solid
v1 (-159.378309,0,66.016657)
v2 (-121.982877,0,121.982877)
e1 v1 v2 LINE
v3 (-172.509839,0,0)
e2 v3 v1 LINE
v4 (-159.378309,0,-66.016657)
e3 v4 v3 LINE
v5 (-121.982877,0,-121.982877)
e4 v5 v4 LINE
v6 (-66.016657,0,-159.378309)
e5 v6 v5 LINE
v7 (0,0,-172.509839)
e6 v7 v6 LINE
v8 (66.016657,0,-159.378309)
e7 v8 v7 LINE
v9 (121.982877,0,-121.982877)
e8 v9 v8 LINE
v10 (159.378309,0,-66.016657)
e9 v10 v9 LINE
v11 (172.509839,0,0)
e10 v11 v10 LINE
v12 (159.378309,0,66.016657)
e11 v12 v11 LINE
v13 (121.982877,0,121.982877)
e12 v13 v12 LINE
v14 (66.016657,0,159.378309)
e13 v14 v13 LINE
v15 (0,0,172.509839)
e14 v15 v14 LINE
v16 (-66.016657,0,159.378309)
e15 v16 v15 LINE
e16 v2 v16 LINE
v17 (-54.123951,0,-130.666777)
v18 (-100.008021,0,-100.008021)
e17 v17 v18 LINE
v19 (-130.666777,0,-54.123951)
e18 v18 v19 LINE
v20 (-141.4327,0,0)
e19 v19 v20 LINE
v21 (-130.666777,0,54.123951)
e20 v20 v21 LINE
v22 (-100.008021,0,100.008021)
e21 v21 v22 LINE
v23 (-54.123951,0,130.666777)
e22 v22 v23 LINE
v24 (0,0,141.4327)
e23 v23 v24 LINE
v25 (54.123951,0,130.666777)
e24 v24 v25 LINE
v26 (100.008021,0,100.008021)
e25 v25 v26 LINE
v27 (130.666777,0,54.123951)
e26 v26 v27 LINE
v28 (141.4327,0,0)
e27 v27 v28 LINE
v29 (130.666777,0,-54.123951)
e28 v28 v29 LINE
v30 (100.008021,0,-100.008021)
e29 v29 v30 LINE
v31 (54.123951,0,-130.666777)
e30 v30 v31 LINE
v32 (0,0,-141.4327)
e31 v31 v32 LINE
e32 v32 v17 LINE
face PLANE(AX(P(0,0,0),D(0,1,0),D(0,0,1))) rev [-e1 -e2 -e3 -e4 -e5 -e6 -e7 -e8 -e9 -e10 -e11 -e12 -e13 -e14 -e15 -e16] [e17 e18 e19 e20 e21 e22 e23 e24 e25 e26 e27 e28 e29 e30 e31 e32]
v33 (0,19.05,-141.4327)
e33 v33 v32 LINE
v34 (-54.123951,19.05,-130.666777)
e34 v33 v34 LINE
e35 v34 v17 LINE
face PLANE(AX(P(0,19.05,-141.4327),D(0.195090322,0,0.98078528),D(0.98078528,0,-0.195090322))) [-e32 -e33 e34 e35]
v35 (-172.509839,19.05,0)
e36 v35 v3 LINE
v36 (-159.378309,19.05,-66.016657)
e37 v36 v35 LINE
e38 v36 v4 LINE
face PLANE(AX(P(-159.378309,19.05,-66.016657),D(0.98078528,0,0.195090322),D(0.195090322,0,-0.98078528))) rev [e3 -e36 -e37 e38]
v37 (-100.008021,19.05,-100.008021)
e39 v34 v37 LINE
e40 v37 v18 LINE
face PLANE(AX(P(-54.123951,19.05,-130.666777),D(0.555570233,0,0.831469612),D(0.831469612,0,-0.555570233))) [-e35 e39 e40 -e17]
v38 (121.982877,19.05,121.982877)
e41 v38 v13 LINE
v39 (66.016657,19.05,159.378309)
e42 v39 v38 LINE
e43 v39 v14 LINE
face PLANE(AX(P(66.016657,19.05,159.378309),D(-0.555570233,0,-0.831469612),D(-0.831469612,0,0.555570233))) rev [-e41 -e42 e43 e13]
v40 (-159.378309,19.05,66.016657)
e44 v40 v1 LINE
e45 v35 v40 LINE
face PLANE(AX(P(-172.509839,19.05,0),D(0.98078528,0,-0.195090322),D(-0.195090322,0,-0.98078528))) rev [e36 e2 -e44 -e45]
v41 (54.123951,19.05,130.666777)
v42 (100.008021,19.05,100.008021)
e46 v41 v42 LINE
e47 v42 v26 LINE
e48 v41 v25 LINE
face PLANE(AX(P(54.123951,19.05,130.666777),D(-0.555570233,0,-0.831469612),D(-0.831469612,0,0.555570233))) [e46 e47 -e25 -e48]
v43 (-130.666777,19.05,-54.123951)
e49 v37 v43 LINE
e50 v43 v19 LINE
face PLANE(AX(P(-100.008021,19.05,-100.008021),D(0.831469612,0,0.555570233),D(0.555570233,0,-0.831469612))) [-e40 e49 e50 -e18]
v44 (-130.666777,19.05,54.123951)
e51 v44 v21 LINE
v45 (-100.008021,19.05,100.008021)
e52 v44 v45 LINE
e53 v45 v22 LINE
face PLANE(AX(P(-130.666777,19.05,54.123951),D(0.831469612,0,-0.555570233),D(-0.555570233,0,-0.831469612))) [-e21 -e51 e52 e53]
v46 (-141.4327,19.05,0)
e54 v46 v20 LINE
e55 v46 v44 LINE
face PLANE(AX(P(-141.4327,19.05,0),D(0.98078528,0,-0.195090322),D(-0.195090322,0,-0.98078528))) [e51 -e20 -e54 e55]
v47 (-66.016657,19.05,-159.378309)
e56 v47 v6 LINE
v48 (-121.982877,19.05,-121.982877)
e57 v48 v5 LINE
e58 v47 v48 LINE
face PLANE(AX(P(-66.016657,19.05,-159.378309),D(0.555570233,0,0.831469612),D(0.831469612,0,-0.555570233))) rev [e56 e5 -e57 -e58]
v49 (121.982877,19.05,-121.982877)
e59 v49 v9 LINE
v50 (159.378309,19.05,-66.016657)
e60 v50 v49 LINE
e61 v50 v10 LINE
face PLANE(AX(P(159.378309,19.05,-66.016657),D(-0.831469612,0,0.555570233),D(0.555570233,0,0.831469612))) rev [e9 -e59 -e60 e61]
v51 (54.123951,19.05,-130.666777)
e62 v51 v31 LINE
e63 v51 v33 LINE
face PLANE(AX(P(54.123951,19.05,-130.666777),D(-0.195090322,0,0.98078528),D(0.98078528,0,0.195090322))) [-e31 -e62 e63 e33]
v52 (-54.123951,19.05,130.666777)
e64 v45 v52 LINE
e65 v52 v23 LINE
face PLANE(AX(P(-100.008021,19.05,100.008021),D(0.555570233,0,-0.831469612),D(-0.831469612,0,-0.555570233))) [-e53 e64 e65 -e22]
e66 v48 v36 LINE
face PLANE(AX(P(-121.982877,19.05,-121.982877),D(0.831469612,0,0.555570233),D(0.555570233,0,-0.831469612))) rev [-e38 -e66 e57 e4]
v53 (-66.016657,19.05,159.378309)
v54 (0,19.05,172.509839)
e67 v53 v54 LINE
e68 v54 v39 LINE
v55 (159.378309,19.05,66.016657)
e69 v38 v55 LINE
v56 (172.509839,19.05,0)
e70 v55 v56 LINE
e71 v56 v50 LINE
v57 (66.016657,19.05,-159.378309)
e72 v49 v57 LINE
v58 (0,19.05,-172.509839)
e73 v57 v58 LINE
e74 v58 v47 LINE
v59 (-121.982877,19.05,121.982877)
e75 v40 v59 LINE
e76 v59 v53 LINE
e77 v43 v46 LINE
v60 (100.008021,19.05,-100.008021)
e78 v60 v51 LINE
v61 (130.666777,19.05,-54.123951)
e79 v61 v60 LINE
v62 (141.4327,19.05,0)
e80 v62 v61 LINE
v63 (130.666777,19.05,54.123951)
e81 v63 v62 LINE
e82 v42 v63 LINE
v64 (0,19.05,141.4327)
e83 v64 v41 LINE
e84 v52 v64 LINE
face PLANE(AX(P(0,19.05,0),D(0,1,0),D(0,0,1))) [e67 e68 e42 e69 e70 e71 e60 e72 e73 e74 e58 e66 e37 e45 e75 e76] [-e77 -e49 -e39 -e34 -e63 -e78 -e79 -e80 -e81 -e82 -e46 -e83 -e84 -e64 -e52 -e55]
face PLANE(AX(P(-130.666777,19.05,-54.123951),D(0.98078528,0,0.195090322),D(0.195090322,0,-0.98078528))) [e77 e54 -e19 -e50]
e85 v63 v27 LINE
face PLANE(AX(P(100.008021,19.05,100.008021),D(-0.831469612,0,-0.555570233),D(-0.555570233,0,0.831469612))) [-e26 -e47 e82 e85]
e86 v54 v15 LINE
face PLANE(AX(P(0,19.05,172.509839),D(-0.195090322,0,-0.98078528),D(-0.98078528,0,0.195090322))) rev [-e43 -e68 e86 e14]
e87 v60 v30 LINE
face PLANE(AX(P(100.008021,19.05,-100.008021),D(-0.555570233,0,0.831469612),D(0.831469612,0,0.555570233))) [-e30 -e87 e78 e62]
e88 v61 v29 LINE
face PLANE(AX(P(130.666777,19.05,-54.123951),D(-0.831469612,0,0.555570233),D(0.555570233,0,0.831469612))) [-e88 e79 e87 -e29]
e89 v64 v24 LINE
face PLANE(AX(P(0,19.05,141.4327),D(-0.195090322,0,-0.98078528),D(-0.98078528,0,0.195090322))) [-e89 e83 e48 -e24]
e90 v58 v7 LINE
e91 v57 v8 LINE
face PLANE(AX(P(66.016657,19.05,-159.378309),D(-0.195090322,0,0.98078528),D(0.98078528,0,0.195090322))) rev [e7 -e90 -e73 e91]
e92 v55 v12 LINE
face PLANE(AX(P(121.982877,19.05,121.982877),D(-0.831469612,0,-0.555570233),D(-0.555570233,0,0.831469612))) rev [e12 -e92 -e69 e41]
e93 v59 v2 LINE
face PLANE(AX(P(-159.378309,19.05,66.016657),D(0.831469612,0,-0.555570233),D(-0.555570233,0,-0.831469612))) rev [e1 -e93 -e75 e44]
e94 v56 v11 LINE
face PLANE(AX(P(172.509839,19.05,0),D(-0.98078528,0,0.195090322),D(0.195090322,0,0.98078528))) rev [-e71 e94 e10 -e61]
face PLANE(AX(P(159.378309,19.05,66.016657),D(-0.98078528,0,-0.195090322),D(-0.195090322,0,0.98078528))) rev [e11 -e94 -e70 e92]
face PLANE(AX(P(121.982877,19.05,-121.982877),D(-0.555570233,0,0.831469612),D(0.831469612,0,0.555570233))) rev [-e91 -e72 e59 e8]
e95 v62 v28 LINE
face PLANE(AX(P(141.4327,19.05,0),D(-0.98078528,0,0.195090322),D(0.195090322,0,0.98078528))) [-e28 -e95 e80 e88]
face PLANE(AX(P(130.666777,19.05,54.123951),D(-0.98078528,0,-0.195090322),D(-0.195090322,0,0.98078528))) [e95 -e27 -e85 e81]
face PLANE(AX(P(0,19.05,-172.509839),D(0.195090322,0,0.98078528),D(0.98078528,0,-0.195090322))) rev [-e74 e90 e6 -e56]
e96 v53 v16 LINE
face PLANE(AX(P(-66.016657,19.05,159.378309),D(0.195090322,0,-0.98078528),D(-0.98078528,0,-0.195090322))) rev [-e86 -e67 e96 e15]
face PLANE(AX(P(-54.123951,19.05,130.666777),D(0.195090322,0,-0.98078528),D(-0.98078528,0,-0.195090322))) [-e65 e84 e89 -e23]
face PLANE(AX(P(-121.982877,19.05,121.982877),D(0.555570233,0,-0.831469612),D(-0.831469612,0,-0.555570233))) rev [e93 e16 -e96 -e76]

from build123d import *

# Parameters (mm, degrees)
BOSS_EXTRUDE1_DEPTH = 19.05


with BuildPart() as part:
    # Sketch1 → Boss-Extrude1 (new body)
    with BuildSketch(Plane(origin=(0, 0, 0), x_dir=(1, 0, 0), z_dir=(0, 1, 0))):
        Polygon((172.509838787, 0), (159.378309213, 66.016657224), (121.982876828, 121.982876828), (66.016657224, 159.378309213), (0, 172.509838787), (-66.016657224, 159.378309213), (-121.982876828, 121.982876828), (-159.378309213, 66.016657224), (-172.509838787, 0), (-159.378309213, -66.016657224), (-121.982876828, -121.982876828), (-66.016657224, -159.378309213), (0, -172.509838787), (66.016657224, -159.378309213), (121.982876828, -121.982876828), (159.378309213, -66.016657224), align=None)
        Polygon((141.432700285, 0), (130.666777021, 54.123951194), (100.008021453, 100.008021453), (54.123951194, 130.666777021), (0, 141.432700285), (-54.123951194, 130.666777021), (-100.008021453, 100.008021453), (-130.666777021, 54.123951194), (-141.432700285, 0), (-130.666777021, -54.123951194), (-100.008021453, -100.008021453), (-54.123951194, -130.666777021), (0, -141.432700285), (54.123951194, -130.666777021), (100.008021453, -100.008021453), (130.666777021, -54.123951194), align=None, mode=Mode.SUBTRACT)
    extrude(amount=BOSS_EXTRUDE1_DEPTH)


solid = part.part
